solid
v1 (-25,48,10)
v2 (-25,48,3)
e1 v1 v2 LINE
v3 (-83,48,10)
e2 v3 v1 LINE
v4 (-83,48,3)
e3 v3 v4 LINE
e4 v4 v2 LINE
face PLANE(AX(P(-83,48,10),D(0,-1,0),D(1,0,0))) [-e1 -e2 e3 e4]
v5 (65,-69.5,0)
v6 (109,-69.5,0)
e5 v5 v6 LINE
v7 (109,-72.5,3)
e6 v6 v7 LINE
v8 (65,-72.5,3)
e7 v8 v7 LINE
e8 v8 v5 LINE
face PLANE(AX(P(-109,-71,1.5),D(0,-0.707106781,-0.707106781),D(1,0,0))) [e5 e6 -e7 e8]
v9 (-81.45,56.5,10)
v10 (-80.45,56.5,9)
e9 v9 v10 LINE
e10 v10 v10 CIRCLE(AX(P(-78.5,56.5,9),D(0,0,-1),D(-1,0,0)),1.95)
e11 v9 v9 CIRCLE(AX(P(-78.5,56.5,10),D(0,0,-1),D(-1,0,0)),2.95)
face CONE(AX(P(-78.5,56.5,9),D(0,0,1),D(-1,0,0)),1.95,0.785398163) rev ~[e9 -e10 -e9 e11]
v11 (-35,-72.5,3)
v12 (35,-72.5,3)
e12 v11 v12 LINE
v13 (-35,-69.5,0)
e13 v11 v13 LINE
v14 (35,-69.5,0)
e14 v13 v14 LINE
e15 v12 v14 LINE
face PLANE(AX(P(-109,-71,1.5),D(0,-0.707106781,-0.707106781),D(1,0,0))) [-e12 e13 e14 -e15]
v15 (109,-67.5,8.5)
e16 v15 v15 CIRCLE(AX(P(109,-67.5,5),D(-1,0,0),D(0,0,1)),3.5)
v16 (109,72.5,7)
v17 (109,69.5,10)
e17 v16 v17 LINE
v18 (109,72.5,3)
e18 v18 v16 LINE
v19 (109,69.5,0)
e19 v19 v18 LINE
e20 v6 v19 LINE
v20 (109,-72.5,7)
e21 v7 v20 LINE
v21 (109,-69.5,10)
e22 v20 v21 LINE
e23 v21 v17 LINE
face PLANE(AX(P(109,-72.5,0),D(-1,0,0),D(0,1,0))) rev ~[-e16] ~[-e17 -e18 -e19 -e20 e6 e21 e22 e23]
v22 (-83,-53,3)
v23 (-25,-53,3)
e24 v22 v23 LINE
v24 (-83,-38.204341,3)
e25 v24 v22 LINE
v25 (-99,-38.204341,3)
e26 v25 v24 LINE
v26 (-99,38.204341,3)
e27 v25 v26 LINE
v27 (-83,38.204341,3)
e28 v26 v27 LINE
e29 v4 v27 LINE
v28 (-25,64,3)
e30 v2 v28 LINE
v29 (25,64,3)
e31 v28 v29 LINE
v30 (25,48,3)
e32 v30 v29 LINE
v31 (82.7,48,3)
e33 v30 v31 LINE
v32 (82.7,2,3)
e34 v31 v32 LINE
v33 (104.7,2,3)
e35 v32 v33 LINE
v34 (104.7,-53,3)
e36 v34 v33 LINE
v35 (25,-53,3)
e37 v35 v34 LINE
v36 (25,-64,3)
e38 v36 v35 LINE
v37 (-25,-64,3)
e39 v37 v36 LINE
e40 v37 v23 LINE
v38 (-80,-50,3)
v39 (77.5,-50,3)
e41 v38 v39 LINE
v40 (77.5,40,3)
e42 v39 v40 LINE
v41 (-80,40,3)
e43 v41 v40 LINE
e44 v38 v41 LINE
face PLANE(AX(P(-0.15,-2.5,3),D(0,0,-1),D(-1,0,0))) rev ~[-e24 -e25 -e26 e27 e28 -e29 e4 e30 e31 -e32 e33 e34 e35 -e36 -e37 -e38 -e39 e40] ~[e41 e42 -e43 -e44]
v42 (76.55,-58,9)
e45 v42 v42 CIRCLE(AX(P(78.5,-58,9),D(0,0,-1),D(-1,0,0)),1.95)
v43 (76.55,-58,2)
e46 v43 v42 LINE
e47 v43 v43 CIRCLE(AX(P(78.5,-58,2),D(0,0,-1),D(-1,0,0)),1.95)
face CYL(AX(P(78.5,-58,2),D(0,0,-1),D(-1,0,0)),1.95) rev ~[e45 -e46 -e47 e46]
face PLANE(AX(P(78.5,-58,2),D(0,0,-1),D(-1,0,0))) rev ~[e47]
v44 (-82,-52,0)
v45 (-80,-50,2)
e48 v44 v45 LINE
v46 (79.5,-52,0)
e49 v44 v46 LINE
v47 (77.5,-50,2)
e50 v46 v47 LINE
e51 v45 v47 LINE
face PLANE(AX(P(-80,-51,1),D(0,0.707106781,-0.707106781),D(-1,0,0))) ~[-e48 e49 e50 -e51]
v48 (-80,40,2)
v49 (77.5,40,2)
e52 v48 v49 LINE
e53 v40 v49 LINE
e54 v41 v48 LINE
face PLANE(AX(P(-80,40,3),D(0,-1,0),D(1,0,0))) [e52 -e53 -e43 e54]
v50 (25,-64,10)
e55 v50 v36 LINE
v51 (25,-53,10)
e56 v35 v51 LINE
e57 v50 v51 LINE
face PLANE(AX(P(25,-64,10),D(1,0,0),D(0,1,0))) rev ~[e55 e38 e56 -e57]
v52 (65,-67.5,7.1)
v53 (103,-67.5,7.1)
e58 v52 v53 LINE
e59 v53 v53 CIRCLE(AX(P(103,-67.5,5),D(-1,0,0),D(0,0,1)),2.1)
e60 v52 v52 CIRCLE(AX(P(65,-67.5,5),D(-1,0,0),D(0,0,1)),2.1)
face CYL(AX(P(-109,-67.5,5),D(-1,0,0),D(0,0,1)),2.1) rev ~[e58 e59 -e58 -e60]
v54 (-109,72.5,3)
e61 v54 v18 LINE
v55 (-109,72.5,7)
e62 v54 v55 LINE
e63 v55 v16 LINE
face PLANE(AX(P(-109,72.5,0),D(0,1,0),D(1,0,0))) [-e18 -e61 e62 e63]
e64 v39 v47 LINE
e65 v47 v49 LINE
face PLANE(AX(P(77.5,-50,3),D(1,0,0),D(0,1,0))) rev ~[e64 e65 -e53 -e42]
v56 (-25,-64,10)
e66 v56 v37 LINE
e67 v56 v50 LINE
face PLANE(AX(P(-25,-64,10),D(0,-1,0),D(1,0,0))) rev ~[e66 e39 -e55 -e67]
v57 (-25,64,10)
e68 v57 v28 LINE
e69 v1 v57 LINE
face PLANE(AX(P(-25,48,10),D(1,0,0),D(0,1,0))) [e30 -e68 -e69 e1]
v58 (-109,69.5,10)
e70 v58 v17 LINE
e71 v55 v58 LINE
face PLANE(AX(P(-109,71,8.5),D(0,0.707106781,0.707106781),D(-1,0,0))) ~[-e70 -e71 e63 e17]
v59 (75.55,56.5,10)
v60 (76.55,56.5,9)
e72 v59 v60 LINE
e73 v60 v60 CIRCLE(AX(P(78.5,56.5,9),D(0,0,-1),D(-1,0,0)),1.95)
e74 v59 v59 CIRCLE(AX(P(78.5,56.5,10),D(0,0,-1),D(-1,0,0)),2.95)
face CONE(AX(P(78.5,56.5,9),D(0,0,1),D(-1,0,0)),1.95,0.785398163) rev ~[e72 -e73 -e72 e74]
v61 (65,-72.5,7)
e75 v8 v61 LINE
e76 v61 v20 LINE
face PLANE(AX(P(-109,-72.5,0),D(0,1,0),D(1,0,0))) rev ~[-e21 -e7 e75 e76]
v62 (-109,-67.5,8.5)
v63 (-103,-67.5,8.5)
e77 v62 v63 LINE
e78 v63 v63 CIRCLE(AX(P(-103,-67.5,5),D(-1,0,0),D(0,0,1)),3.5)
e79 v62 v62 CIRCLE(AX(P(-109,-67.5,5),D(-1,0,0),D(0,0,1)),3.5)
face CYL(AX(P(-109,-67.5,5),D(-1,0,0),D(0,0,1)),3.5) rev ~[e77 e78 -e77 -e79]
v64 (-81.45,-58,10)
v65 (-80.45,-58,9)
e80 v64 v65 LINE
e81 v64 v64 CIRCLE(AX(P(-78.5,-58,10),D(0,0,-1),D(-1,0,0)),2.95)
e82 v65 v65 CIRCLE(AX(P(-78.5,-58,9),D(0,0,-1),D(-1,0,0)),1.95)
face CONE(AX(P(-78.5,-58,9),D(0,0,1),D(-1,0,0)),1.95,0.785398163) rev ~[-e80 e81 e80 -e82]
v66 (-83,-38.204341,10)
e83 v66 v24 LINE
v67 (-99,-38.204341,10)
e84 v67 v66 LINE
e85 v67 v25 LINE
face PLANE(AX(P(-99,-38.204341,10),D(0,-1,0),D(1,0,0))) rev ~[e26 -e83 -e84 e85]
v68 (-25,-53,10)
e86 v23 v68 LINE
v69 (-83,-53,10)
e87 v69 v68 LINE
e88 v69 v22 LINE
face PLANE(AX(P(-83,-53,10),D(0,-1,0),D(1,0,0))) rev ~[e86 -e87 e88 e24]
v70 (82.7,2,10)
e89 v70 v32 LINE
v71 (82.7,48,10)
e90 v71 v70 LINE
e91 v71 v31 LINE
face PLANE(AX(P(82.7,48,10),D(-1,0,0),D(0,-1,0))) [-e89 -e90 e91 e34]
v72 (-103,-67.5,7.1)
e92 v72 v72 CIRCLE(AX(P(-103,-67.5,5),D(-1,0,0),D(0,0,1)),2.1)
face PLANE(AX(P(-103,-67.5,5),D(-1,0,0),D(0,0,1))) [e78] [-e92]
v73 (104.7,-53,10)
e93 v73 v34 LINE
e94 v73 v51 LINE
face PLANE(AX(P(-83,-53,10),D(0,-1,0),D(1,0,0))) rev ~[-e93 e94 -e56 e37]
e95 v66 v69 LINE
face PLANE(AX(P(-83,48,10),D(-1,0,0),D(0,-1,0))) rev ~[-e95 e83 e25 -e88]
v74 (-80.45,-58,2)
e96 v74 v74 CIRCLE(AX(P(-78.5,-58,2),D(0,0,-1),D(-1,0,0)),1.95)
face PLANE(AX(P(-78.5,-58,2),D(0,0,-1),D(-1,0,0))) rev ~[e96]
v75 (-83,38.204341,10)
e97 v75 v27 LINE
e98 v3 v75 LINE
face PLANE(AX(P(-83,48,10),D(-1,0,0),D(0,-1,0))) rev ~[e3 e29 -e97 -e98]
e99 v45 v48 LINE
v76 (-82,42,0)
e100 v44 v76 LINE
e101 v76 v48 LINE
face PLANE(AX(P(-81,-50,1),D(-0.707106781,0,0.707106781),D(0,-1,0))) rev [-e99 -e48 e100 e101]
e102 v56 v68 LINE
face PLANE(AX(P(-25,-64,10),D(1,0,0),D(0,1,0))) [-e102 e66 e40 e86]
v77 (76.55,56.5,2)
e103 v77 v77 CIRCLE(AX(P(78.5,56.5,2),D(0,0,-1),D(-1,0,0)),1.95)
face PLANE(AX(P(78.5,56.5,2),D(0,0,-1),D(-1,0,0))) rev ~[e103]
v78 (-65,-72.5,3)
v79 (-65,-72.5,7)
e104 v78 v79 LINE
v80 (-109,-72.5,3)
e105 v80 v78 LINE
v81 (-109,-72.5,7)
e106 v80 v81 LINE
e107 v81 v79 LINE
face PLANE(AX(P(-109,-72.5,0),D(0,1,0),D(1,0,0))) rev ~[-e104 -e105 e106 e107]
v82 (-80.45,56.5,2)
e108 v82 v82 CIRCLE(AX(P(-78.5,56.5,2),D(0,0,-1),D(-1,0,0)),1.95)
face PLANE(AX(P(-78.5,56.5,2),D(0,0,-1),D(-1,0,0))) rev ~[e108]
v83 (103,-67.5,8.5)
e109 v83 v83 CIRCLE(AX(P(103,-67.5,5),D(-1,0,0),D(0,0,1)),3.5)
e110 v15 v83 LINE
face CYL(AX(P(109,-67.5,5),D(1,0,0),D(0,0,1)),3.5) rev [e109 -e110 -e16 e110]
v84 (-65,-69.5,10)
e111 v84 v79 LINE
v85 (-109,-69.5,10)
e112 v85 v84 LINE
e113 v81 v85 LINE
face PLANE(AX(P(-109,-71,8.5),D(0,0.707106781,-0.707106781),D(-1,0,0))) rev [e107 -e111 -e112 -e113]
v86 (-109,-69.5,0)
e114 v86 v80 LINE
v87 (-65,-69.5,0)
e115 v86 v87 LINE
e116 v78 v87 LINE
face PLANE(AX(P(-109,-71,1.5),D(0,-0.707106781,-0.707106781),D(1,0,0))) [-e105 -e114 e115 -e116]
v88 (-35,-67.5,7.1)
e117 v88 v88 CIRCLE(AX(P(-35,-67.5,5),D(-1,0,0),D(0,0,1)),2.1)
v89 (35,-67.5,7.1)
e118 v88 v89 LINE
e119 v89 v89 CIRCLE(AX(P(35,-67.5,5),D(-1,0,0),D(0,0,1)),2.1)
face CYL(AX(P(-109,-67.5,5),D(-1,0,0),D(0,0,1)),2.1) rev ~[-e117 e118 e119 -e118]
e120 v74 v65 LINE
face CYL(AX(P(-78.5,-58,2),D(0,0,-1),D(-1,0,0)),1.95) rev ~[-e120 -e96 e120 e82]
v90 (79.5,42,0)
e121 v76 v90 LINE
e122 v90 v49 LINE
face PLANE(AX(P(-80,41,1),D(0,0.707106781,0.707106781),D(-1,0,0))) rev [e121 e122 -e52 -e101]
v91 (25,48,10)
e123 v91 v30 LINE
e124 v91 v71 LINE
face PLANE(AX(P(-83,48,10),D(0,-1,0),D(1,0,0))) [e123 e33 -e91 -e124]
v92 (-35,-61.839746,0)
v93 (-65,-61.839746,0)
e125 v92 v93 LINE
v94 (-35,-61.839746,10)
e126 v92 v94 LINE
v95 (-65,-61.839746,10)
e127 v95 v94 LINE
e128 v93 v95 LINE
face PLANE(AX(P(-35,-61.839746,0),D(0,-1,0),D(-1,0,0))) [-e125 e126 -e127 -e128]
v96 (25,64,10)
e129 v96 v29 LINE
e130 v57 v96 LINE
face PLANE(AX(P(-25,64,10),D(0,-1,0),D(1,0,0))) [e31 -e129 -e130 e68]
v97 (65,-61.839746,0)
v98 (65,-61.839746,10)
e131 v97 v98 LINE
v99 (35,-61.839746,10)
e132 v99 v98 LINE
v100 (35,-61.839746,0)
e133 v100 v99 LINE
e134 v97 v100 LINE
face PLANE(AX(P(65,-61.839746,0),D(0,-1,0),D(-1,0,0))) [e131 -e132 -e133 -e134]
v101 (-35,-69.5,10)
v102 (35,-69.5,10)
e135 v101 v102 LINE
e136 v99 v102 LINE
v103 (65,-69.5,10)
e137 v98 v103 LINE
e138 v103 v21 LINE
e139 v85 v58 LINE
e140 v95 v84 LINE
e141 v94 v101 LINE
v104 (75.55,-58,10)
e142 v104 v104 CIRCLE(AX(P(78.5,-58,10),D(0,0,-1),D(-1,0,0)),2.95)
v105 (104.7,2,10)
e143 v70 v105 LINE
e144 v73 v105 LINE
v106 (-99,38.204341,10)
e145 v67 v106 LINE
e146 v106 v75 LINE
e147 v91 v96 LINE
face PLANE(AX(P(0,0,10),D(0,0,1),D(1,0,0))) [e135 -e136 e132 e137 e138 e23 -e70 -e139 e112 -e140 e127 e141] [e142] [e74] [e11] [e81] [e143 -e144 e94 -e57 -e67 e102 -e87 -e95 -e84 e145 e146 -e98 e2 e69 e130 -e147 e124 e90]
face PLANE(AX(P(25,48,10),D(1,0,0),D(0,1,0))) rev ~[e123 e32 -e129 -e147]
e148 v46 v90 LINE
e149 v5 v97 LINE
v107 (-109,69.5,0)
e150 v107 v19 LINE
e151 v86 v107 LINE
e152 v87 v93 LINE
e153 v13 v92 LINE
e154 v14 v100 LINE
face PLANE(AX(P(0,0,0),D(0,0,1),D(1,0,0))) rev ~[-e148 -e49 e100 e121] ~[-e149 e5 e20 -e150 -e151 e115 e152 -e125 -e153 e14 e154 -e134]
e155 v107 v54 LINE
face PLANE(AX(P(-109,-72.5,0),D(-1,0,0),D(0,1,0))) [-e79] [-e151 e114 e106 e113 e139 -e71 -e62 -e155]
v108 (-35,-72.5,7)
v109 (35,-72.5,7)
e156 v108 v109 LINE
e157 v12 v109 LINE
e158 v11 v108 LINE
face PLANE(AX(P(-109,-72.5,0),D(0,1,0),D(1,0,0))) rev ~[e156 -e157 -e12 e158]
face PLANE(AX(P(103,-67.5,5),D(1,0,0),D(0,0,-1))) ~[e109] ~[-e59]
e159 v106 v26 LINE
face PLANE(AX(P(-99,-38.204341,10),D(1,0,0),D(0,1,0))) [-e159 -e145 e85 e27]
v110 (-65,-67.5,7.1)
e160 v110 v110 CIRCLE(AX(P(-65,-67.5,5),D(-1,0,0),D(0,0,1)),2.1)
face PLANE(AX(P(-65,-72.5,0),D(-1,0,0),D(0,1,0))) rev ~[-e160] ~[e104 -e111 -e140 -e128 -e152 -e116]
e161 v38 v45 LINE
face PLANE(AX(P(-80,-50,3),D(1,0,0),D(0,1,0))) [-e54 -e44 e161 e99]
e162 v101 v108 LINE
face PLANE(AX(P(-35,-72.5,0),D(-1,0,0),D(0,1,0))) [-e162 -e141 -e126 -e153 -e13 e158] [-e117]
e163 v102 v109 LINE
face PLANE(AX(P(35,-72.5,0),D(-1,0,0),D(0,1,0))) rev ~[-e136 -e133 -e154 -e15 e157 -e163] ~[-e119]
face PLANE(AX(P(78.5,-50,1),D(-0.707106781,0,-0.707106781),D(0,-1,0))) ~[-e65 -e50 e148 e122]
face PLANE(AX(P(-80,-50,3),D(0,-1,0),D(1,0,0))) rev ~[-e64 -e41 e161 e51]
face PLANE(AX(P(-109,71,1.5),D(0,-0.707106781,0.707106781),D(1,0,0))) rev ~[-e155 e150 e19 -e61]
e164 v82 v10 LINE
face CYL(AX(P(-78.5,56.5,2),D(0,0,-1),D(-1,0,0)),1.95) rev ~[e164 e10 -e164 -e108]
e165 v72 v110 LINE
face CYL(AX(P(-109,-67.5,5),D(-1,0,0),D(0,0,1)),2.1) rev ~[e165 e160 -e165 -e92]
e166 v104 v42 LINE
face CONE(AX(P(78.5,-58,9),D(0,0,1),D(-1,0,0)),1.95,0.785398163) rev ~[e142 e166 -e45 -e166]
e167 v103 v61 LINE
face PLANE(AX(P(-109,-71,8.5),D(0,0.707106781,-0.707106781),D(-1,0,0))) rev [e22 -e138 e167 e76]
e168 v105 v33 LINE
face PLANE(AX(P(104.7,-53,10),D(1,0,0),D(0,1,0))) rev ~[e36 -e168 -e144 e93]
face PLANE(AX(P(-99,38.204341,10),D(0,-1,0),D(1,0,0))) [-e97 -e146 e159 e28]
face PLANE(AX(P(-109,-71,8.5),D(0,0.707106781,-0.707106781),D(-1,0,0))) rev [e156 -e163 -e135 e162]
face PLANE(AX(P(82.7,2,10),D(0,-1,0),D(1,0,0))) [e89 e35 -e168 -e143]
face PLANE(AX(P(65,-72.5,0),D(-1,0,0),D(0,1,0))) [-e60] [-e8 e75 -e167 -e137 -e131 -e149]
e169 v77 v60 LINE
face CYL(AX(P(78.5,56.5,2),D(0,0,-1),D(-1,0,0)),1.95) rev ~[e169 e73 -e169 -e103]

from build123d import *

# Parameters (mm, degrees)
CROQUIS1_W              = 218
CROQUIS1_H              = 145
SALIENTE_EXTRUIR1_DEPTH = 10
CORTAR_EXTRUIR1_DEPTH   = 7
CROQUIS3_W              = 157.5
CROQUIS3_H              = 90
CORTAR_EXTRUIR2_DEPTH   = 4
CHAFL_N1_SIZE           = 2
CORTAR_EXTRUIR3_START   = -2
CROQUIS4_R              = 1.95
CORTAR_EXTRUIR3_DEPTH   = 9
CROQUIS5_W              = 22
CROQUIS5_H              = 55
CROQUIS5_W_2            = 16
CROQUIS5_H_2            = 76.408682756
CROQUIS5_W_3            = 50
CROQUIS5_H_3            = 16
CORTAR_EXTRUIR4_DEPTH   = 7
CROQUIS8_R              = 2.1
CORTAR_EXTRUIR6_DEPTH   = 219
CROQUIS9_R              = 3.5
CORTAR_EXTRUIR7_DEPTH   = 6
CHAFL_N2_SIZE           = 3
CROQUIS10_W             = 30
CROQUIS10_H             = 10.660254038
CORTAR_EXTRUIR8_DEPTH   = 11
CHAFL_N3_SIZE           = 1


with BuildPart() as part:
    # Croquis1 → Saliente-Extruir1 (new body)
    with BuildSketch(Plane.XY):
        Rectangle(CROQUIS1_W, CROQUIS1_H)
    extrude(amount=SALIENTE_EXTRUIR1_DEPTH)

    # Croquis2 → Cortar-Extruir1 (cut)
    with BuildSketch(Plane.XY.offset(10)):
        Polygon((-83, 43), (-83, 48), (82.7, 48), (82.7, -53), (80.5, -53), (-83, -53), align=None)
    extrude(amount=-CORTAR_EXTRUIR1_DEPTH, mode=Mode.SUBTRACT)

    # Croquis3 → Cortar-Extruir2 (cut, through all)
    with BuildSketch(Plane.XY.offset(3)):
        with Locations((-1.25, -5)):
            Rectangle(CROQUIS3_W, CROQUIS3_H)
    extrude(amount=-CORTAR_EXTRUIR2_DEPTH, mode=Mode.SUBTRACT)

    # Chaflán1
    chafl_n1_edges = [part.edges().sort_by_distance(p)[0] for p in [
        (-80, -5, 0),
        (-1.25, 40, 0),
        (77.5, -5, 0),
        (-1.25, -50, 0),
    ]]
    chamfer(chafl_n1_edges, length=CHAFL_N1_SIZE)

    # Croquis4 → Cortar-Extruir3 (cut, through all)
    with BuildSketch(Plane(origin=(0, 0, 0), x_dir=(-1, 0, 0), z_dir=(0, 0, -1)).offset(CORTAR_EXTRUIR3_START)):
        with Locations((-78.5, 56.5)):
            Circle(CROQUIS4_R)
        with Locations((78.5, 56.5)):
            Circle(CROQUIS4_R)
        with Locations((78.5, -58)):
            Circle(CROQUIS4_R)
        with Locations((-78.5, -58)):
            Circle(CROQUIS4_R)
    extrude(amount=-CORTAR_EXTRUIR3_DEPTH, mode=Mode.SUBTRACT)

    # Croquis5 → Cortar-Extruir4 (cut)
    with BuildSketch(Plane.XY.offset(10)):
        with Locations((93.7, -25.5)):
            Rectangle(CROQUIS5_W, CROQUIS5_H)
        with Locations((-91, 0)):
            Rectangle(CROQUIS5_W_2, CROQUIS5_H_2)
        with Locations((0, 56)):
            Rectangle(CROQUIS5_W_3, CROQUIS5_H_3)
        with Locations((0, -56)):
            Rectangle(CROQUIS5_W_3, CROQUIS5_H_3)
    extrude(amount=-CORTAR_EXTRUIR4_DEPTH, mode=Mode.SUBTRACT)

    # Croquis8 → Cortar-Extruir6 (cut, through all)
    with BuildSketch(Plane.ZY.offset(109)):
        with Locations((5, -67.5)):
            Circle(CROQUIS8_R)
    extrude(amount=-CORTAR_EXTRUIR6_DEPTH, mode=Mode.SUBTRACT)

    # Croquis9 → Cortar-Extruir7 (cut)
    with BuildSketch(Plane.ZY.offset(109)):
        with Locations((5, -67.5)):
            Circle(CROQUIS9_R)
    cortar_extruir7 = extrude(amount=-CORTAR_EXTRUIR7_DEPTH, mode=Mode.SUBTRACT)

    # Simetría1: Cortar-Extruir7 across plane
    add(cortar_extruir7.mirror(Plane(origin=(0, 0, 0), x_dir=(0, 0, 1), z_dir=(1, 0, 0))), mode=Mode.SUBTRACT)

    # Chaflán2
    chafl_n2_edges = [part.edges().sort_by_distance(p)[0] for p in [
        (0, 72.5, 10),
        (0, 72.5, 0),
        (0, -72.5, 0),
        (0, -72.5, 10),
    ]]
    chamfer(chafl_n2_edges, length=CHAFL_N2_SIZE)

    # Croquis10 → Cortar-Extruir8 (cut, through all)
    with BuildSketch(Plane(origin=(0, 0, 0), x_dir=(-1, 0, 0), z_dir=(0, 0, -1))):
        with Locations((-50, -67.169872981)):
            Rectangle(CROQUIS10_W, CROQUIS10_H)
        with Locations((50, -67.169872981)):
            Rectangle(CROQUIS10_W, CROQUIS10_H)
    extrude(amount=-CORTAR_EXTRUIR8_DEPTH, mode=Mode.SUBTRACT)

    # Chaflán3
    chafl_n3_edges = [part.edges().sort_by_distance(p)[0] for p in [
        (80.45, -58, 10),
        (-76.55, -58, 10),
        (-76.55, 56.5, 10),
        (80.45, 56.5, 10),
    ]]
    chamfer(chafl_n3_edges, length=CHAFL_N3_SIZE)


solid = part.part
